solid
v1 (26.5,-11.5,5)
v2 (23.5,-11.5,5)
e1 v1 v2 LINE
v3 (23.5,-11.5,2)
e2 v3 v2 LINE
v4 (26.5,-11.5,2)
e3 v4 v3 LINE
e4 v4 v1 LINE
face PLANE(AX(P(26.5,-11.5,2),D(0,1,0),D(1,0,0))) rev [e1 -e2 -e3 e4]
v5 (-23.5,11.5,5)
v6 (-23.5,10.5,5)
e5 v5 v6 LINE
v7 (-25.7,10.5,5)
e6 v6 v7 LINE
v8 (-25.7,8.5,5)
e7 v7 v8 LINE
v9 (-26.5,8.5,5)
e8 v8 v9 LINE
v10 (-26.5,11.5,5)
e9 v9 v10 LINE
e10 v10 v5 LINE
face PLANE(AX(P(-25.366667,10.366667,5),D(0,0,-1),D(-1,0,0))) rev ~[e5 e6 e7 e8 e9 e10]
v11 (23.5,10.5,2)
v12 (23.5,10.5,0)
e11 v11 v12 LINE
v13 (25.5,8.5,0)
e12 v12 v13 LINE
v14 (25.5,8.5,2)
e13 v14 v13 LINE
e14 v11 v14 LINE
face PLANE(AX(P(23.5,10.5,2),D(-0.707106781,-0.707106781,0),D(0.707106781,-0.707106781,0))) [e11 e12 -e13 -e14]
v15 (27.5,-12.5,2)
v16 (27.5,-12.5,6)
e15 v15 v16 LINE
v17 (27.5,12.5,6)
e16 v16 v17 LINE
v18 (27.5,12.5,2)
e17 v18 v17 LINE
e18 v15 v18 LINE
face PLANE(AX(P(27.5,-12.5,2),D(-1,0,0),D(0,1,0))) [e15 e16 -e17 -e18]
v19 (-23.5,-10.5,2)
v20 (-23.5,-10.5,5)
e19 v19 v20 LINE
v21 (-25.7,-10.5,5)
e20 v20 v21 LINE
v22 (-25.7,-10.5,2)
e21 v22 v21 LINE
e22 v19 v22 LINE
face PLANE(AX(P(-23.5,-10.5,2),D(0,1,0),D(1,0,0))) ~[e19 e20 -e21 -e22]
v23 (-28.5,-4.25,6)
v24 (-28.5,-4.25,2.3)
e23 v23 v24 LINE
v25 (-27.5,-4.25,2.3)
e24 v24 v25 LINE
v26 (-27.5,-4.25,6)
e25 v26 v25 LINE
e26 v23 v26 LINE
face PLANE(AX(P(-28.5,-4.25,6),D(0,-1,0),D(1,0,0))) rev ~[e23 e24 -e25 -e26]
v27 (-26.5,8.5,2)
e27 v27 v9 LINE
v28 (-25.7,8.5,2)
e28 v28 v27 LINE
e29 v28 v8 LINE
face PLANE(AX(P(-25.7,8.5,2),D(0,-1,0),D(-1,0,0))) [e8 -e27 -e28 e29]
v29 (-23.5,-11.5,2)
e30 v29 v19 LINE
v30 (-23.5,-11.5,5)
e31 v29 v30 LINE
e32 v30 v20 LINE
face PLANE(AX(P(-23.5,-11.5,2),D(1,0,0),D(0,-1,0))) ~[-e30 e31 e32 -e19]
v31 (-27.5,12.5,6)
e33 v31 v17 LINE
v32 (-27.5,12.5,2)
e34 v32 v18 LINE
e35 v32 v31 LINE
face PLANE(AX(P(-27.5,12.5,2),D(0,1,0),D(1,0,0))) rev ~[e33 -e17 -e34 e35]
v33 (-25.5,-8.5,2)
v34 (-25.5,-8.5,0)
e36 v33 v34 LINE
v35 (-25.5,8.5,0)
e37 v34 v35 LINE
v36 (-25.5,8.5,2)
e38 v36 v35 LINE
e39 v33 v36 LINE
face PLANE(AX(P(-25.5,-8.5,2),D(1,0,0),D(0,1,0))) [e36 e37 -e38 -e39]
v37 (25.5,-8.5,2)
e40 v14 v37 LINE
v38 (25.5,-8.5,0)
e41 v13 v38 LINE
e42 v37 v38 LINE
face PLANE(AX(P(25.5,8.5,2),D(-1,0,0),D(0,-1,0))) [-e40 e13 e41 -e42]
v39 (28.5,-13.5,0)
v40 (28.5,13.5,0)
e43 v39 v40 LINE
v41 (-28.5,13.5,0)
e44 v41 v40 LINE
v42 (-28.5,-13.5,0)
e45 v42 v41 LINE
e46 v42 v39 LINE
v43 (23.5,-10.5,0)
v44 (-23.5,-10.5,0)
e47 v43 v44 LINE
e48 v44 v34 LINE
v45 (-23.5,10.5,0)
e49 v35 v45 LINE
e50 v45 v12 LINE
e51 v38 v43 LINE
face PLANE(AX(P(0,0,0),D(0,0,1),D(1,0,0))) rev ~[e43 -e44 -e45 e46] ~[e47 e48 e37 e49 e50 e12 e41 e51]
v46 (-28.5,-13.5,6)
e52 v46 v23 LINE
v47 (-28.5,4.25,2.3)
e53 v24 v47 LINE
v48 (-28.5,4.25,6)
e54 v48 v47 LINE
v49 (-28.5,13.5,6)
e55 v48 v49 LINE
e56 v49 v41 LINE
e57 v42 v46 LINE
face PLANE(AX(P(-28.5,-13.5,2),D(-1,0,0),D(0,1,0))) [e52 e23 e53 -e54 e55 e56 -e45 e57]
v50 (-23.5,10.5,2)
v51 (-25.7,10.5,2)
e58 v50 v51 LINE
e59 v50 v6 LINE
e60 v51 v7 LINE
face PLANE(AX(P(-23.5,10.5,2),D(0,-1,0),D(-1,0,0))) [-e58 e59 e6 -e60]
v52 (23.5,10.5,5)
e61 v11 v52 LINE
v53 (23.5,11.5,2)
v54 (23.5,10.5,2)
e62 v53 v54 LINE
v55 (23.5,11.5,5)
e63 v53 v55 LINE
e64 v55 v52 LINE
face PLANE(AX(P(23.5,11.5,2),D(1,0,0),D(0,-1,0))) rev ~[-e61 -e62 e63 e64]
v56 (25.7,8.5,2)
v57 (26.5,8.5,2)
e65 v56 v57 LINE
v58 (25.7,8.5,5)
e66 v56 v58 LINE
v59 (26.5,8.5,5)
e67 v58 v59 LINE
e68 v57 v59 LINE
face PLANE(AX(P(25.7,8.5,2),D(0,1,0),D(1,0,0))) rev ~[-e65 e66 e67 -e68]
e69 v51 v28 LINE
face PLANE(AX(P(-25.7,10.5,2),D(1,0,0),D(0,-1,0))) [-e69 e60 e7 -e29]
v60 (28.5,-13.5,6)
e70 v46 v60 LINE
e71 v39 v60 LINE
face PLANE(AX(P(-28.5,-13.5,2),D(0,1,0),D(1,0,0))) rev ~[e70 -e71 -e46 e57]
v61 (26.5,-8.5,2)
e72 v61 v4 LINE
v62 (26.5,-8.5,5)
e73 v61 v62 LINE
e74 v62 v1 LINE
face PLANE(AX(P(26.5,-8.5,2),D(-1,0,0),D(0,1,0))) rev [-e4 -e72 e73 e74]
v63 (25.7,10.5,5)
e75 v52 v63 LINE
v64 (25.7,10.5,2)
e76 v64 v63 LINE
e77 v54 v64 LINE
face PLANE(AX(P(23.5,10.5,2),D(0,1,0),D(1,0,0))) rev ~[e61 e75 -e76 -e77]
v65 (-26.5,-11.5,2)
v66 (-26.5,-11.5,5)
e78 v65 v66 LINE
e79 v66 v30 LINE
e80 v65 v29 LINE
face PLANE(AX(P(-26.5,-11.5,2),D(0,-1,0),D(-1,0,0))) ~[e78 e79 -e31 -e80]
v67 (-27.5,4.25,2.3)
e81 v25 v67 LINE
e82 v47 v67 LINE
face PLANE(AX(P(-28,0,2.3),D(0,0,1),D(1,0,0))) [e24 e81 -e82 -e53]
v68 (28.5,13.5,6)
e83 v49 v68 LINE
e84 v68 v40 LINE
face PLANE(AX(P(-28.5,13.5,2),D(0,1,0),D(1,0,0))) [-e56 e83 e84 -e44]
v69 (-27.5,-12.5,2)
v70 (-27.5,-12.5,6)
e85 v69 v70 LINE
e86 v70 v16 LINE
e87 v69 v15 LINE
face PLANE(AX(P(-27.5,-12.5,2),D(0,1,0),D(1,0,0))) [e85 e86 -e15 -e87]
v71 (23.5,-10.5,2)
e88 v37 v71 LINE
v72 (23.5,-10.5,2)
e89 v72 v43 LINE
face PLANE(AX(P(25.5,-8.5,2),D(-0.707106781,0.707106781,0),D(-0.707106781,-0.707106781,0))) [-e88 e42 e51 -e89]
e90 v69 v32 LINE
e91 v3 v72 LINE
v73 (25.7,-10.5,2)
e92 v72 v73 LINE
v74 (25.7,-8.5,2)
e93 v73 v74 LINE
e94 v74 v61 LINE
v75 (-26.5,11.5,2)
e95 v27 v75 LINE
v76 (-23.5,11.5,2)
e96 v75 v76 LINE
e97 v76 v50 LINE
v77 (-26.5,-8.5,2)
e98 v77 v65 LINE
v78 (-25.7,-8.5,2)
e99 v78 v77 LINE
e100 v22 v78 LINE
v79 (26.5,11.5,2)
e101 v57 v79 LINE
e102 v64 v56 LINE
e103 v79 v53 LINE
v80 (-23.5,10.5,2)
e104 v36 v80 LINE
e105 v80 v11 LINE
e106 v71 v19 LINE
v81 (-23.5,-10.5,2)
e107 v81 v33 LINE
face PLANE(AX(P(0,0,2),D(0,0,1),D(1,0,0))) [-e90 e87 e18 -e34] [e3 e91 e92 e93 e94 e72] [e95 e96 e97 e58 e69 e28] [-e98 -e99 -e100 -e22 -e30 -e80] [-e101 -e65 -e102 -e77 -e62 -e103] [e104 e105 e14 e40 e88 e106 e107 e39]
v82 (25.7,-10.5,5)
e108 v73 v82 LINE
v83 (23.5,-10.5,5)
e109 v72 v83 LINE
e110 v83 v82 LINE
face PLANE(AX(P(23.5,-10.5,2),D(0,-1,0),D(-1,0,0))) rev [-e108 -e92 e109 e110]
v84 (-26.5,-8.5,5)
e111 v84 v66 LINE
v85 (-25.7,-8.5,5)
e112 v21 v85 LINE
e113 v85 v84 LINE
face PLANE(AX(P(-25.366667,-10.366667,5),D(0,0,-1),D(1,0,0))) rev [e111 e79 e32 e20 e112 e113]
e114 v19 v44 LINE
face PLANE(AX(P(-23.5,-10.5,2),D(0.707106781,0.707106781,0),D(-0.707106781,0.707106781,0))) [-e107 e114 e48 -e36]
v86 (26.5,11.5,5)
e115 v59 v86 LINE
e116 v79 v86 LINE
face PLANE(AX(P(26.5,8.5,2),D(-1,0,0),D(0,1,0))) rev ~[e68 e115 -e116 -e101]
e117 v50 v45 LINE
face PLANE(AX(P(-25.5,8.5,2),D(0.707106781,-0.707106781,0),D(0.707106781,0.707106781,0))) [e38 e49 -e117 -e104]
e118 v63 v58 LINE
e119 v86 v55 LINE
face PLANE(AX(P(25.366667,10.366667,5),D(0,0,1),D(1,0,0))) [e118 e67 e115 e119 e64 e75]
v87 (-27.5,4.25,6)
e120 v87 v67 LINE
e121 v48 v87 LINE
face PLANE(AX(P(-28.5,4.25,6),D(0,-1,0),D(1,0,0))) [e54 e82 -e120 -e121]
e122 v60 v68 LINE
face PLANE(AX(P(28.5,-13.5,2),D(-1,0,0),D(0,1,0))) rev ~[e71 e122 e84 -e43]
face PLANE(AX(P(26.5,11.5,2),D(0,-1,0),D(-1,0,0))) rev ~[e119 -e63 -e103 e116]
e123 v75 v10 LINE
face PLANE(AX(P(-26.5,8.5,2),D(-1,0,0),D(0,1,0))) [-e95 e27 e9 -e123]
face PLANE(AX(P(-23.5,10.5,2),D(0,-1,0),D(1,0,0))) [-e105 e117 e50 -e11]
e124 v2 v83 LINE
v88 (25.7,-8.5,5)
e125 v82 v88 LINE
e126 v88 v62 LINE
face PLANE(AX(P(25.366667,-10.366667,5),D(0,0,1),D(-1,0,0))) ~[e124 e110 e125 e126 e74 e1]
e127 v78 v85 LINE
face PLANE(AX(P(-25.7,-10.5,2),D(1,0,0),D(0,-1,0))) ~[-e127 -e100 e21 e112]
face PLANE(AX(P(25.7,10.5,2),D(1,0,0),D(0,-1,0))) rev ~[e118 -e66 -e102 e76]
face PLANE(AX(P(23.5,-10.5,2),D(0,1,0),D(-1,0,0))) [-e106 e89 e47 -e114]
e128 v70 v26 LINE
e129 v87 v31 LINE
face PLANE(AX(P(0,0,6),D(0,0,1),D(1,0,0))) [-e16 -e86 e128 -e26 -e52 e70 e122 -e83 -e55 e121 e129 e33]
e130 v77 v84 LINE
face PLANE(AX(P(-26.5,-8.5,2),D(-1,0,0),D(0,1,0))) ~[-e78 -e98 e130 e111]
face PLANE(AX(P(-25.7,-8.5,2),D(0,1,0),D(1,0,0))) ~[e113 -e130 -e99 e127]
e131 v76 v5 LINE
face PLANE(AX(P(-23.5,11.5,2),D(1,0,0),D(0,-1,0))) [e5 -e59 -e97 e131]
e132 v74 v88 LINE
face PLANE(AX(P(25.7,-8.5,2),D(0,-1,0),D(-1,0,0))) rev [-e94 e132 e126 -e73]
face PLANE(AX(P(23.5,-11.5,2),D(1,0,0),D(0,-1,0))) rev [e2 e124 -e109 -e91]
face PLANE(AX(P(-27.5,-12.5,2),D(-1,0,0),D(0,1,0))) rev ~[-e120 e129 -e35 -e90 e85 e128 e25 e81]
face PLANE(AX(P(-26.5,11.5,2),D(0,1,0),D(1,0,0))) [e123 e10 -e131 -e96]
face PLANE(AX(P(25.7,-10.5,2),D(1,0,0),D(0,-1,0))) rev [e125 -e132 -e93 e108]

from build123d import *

# Parameters (mm, degrees)
SKETCH_W                = 57
SKETCH_H                = 27
PAD_DEPTH               = 2
PAD001_DEPTH            = 3
PAD001_MIRRORED_2_DEPTH = 3
POCKET_DEPTH            = 2
SKETCH003_W             = 57
SKETCH003_H             = 27
SKETCH003_W_2           = 55
SKETCH003_H_2           = 25
PAD002_DEPTH            = 4
SKETCH004_W             = 1
SKETCH004_H             = 8.5
POCKET001_DEPTH         = 3.7


with BuildPart() as part:
    # Sketch → Pad (new body)
    with BuildSketch(Plane.XY):
        Rectangle(SKETCH_W, SKETCH_H)
    extrude(amount=PAD_DEPTH)

    # Sketch001 (on Face6 of Pad) → Pad001 (join)
    with BuildSketch(Plane.XY.offset(2)):
        Polygon((-26.5, 11.5), (-23.5, 11.5), (-23.5, 10.5), (-25.7, 10.5), (-25.7, 8.5), (-26.5, 8.5), align=None)
    pad001 = extrude(amount=PAD001_DEPTH)

    # Sketch001 Mirrored 2 → Pad001 Mirrored 2 (add)
    with BuildSketch(Plane(origin=(0, 0, 2), x_dir=(-1, 0, 0), z_dir=(0, 0, -1))):
        Polygon((-26.5, 11.5), (-23.5, 11.5), (-23.5, 10.5), (-25.7, 10.5), (-25.7, 8.5), (-26.5, 8.5), align=None)
    pad001_mirrored_2 = extrude(amount=-PAD001_MIRRORED_2_DEPTH)

    # Mirrored001: Pad001, Pad001 Mirrored 2 across Sketch001 H_Axis
    add(pad001.mirror(Plane(origin=(0, 0, 2), x_dir=(0, 0, 1), z_dir=(0, 1, 0))))
    add(pad001_mirrored_2.mirror(Plane(origin=(0, 0, 2), x_dir=(0, 0, 1), z_dir=(0, 1, 0))))

    # Sketch002 (on Face5 of MultiTransform) → Pocket (cut)
    with BuildSketch(Plane.XY.offset(2)):
        Polygon((23.5, 10.5), (25.5, 8.5), (25.5, -8.5), (23.5, -10.5), (-23.5, -10.5), (-25.5, -8.5), (-25.5, 8.5), (-23.5, 10.5), align=None)
    extrude(amount=-POCKET_DEPTH, mode=Mode.SUBTRACT)

    # Sketch003 (on Face5 of Pocket) → Pad002 (join)
    with BuildSketch(Plane.XY.offset(2)):
        Rectangle(SKETCH003_W, SKETCH003_H)
        Rectangle(SKETCH003_W_2, SKETCH003_H_2, mode=Mode.SUBTRACT)
    extrude(amount=PAD002_DEPTH)

    # Sketch004 (on Face17 of Pad002) → Pocket001 (cut)
    with BuildSketch(Plane.XY.offset(6)):
        with Locations((-28, 0)):
            Rectangle(SKETCH004_W, SKETCH004_H)
    extrude(amount=-POCKET001_DEPTH, mode=Mode.SUBTRACT)


solid = part.part
